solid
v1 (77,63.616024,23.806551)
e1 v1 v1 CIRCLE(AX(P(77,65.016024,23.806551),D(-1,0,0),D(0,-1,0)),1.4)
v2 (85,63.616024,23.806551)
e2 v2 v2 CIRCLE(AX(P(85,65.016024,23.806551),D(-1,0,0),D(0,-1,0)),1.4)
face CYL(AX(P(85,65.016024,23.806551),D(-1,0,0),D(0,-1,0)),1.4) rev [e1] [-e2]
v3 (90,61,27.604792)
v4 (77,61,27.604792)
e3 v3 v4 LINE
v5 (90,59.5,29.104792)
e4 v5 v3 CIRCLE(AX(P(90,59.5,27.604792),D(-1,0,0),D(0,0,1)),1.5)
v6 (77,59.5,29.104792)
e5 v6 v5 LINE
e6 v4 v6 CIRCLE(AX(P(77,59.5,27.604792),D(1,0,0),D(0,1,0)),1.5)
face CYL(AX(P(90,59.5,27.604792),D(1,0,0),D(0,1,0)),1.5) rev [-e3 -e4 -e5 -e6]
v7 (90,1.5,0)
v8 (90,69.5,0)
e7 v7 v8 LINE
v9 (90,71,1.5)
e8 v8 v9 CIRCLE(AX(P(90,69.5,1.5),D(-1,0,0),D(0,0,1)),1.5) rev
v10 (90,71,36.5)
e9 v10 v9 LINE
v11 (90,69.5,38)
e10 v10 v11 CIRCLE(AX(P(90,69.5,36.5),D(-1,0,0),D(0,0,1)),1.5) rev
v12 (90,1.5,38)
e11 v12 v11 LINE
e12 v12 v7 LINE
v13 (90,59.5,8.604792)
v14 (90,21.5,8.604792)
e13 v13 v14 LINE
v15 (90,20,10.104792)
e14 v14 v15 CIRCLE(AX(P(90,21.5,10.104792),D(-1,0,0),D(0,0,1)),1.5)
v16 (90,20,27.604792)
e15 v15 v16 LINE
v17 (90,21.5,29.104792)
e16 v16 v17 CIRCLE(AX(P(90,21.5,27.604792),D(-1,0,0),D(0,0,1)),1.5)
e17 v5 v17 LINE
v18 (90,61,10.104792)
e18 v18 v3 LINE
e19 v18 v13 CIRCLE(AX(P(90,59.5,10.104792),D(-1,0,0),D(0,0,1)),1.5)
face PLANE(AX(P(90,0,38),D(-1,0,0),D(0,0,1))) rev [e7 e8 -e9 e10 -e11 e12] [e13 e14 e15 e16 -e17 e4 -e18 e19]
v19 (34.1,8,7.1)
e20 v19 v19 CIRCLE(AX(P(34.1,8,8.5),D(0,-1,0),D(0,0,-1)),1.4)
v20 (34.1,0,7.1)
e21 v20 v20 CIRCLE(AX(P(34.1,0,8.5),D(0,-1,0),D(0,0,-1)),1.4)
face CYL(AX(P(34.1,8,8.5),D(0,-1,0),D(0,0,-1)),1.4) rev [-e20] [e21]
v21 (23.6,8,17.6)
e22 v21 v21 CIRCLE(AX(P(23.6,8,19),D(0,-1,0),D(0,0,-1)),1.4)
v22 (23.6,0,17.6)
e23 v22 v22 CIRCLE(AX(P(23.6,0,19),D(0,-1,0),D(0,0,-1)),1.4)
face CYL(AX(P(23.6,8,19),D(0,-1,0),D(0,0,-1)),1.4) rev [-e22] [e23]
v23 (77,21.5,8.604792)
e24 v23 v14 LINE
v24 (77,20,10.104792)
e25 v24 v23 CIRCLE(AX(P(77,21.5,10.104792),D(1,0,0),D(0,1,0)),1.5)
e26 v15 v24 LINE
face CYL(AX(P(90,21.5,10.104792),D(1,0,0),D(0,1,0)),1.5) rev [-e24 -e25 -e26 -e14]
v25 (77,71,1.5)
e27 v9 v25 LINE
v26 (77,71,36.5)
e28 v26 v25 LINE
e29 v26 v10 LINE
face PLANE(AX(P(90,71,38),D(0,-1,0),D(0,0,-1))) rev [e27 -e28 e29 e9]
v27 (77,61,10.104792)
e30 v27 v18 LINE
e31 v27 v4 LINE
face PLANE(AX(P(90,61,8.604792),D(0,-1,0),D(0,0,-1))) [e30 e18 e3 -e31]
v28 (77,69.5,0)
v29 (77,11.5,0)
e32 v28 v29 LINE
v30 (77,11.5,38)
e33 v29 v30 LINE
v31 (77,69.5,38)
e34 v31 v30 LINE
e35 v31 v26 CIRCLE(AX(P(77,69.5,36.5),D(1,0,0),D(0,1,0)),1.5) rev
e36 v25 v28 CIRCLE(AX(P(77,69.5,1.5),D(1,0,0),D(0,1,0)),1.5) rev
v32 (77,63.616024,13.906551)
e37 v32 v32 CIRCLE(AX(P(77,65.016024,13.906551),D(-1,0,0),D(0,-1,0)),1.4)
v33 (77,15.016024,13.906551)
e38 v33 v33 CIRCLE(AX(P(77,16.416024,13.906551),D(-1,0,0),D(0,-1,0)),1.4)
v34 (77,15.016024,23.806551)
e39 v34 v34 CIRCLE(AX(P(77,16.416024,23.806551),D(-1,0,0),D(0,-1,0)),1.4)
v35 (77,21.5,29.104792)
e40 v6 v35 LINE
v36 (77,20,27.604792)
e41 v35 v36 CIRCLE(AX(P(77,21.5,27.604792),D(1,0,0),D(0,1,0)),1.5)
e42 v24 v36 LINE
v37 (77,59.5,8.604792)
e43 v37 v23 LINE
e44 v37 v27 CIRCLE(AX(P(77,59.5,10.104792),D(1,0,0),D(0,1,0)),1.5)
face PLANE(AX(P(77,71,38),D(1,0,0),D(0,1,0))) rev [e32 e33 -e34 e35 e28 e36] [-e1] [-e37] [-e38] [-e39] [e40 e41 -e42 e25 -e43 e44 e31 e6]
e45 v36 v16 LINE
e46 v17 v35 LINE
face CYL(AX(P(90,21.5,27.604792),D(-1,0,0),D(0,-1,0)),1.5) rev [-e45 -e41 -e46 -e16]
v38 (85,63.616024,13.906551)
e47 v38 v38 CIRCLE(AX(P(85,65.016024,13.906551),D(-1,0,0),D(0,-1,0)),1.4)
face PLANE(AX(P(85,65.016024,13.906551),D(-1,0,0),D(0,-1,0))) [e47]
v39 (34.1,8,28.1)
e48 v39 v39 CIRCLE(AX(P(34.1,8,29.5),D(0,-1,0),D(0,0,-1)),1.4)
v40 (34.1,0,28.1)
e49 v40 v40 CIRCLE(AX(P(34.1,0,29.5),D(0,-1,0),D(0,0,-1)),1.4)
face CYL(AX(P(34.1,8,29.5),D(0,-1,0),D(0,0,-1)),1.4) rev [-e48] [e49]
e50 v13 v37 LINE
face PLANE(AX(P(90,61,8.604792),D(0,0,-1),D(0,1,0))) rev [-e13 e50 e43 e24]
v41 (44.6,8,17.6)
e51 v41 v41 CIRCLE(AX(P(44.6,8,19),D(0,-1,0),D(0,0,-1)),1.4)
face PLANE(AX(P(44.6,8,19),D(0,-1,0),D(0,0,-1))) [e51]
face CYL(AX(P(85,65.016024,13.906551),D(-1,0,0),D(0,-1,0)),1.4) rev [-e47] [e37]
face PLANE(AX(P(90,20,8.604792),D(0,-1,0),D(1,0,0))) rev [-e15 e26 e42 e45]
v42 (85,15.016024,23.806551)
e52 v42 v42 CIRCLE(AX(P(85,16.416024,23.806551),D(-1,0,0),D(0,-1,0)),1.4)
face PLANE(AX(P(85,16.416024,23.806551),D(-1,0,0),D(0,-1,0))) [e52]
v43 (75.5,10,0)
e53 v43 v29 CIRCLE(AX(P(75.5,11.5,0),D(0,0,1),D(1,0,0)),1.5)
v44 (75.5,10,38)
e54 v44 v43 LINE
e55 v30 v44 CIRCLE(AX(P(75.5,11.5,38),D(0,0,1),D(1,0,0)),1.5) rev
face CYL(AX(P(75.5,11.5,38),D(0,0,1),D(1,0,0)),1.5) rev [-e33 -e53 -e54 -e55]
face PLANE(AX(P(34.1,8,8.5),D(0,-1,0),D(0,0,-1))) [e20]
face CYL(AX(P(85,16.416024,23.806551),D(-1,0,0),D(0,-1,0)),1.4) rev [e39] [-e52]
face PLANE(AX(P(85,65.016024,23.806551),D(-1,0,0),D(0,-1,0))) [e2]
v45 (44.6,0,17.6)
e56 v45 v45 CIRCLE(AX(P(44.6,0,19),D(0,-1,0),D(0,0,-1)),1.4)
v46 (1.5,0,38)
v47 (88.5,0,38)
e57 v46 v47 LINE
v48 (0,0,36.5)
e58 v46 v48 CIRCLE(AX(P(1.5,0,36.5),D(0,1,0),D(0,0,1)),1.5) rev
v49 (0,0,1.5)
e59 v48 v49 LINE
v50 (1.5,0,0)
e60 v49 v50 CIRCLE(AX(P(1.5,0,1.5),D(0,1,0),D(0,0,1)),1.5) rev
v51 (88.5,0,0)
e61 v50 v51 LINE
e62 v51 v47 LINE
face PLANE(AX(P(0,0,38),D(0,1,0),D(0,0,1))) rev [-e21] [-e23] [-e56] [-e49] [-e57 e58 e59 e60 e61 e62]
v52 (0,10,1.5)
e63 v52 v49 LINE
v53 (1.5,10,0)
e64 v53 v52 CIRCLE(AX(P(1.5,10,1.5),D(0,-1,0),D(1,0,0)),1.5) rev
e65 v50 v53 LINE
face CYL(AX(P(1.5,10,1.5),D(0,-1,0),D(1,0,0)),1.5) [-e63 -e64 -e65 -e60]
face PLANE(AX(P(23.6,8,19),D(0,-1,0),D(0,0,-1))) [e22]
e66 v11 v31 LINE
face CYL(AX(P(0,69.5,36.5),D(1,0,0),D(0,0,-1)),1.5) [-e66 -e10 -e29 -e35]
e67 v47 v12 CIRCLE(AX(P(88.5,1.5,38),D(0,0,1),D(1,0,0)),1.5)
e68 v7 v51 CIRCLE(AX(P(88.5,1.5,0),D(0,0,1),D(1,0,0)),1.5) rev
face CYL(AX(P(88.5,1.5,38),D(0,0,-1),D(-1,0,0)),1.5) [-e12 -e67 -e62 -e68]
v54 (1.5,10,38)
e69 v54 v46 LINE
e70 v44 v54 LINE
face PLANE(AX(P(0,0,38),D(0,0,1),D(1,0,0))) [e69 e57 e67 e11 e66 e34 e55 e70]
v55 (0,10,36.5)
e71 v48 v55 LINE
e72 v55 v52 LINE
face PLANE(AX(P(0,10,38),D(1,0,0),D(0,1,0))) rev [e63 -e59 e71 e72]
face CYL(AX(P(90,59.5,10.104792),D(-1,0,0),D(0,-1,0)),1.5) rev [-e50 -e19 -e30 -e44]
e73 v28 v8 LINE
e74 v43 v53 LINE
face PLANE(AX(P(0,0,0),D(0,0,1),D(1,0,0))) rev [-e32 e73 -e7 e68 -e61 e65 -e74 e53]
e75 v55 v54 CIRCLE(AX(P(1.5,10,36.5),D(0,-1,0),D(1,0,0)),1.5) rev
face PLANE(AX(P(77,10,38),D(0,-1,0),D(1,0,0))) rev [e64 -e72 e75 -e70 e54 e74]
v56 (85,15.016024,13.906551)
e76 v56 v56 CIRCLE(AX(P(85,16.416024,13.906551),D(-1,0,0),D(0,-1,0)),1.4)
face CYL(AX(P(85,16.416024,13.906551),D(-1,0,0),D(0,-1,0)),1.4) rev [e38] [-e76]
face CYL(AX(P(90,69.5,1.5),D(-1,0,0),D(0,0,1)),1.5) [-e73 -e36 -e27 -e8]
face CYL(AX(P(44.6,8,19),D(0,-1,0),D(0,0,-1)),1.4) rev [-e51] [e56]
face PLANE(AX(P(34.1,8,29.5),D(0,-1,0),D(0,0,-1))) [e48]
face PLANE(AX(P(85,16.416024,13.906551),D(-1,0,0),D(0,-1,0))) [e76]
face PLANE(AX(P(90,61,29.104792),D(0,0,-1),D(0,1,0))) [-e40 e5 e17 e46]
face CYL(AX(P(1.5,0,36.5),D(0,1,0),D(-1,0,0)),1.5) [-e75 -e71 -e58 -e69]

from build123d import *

# Parameters (mm, degrees)
BOSS_EXTRUDE1_DEPTH = 38
SKETCH3_R           = 1.4
CUT_EXTRUDE2_DEPTH  = 8
SKETCH4_W           = 20.5
SKETCH4_H           = 41
CUT_EXTRUDE4_DEPTH  = 14
SKETCH7_R           = 1.4
CUT_EXTRUDE6_DEPTH  = 8
FILLET1_R           = 1.5
FILLET2_R           = 1.5


with BuildPart() as part:
    # Sketch1 → Boss-Extrude1 (new body)
    with BuildSketch(Plane.XY):
        Polygon((0, 0), (90, 0), (90, 71), (77, 71), (77, 10), (0, 10), align=None)
    extrude(amount=BOSS_EXTRUDE1_DEPTH)

    # Sketch3 → Cut-Extrude2 (cut)
    with BuildSketch(Plane.XZ):
        with Locations((23.6, 19)):
            Circle(SKETCH3_R)
        with Locations((34.1, 29.5)):
            Circle(SKETCH3_R)
        with Locations((44.6, 19)):
            Circle(SKETCH3_R)
        with Locations((34.1, 8.5)):
            Circle(SKETCH3_R)
    extrude(amount=-CUT_EXTRUDE2_DEPTH, mode=Mode.SUBTRACT)

    # Sketch4 → Cut-Extrude4 (cut, through all)
    with BuildSketch(Plane.ZY.offset(-77)):
        with Locations((18.854791971, 40.5)):
            Rectangle(SKETCH4_W, SKETCH4_H)
    extrude(amount=-CUT_EXTRUDE4_DEPTH, mode=Mode.SUBTRACT)

    # Sketch7 → Cut-Extrude6 (cut)
    with BuildSketch(Plane.ZY.offset(-77)):
        with Locations((13.906550577, 65.016024352)):
            Circle(SKETCH7_R)
        with Locations((23.806550577, 65.016024352)):
            Circle(SKETCH7_R)
        with Locations((13.906550577, 16.416024352)):
            Circle(SKETCH7_R)
        with Locations((23.806550577, 16.416024352)):
            Circle(SKETCH7_R)
    extrude(amount=-CUT_EXTRUDE6_DEPTH, mode=Mode.SUBTRACT)

    # Fillet1
    fillet1_edges = [part.edges().sort_by_distance(p)[0] for p in [
        (83.5, 20, 8.604791971),
        (83.5, 61, 8.604791971),
        (83.5, 61, 29.104791971),
        (83.5, 20, 29.104791971),
    ]]
    fillet(fillet1_edges, radius=FILLET1_R)

    # Fillet2
    fillet2_edges = [part.edges().sort_by_distance(p)[0] for p in [
        (77, 10, 19),
        (90, 0, 19),
        (83.5, 71, 38),
        (0, 5, 38),
        (83.5, 71, 0),
        (0, 5, 0),
    ]]
    fillet(fillet2_edges, radius=FILLET2_R)


solid = part.part
